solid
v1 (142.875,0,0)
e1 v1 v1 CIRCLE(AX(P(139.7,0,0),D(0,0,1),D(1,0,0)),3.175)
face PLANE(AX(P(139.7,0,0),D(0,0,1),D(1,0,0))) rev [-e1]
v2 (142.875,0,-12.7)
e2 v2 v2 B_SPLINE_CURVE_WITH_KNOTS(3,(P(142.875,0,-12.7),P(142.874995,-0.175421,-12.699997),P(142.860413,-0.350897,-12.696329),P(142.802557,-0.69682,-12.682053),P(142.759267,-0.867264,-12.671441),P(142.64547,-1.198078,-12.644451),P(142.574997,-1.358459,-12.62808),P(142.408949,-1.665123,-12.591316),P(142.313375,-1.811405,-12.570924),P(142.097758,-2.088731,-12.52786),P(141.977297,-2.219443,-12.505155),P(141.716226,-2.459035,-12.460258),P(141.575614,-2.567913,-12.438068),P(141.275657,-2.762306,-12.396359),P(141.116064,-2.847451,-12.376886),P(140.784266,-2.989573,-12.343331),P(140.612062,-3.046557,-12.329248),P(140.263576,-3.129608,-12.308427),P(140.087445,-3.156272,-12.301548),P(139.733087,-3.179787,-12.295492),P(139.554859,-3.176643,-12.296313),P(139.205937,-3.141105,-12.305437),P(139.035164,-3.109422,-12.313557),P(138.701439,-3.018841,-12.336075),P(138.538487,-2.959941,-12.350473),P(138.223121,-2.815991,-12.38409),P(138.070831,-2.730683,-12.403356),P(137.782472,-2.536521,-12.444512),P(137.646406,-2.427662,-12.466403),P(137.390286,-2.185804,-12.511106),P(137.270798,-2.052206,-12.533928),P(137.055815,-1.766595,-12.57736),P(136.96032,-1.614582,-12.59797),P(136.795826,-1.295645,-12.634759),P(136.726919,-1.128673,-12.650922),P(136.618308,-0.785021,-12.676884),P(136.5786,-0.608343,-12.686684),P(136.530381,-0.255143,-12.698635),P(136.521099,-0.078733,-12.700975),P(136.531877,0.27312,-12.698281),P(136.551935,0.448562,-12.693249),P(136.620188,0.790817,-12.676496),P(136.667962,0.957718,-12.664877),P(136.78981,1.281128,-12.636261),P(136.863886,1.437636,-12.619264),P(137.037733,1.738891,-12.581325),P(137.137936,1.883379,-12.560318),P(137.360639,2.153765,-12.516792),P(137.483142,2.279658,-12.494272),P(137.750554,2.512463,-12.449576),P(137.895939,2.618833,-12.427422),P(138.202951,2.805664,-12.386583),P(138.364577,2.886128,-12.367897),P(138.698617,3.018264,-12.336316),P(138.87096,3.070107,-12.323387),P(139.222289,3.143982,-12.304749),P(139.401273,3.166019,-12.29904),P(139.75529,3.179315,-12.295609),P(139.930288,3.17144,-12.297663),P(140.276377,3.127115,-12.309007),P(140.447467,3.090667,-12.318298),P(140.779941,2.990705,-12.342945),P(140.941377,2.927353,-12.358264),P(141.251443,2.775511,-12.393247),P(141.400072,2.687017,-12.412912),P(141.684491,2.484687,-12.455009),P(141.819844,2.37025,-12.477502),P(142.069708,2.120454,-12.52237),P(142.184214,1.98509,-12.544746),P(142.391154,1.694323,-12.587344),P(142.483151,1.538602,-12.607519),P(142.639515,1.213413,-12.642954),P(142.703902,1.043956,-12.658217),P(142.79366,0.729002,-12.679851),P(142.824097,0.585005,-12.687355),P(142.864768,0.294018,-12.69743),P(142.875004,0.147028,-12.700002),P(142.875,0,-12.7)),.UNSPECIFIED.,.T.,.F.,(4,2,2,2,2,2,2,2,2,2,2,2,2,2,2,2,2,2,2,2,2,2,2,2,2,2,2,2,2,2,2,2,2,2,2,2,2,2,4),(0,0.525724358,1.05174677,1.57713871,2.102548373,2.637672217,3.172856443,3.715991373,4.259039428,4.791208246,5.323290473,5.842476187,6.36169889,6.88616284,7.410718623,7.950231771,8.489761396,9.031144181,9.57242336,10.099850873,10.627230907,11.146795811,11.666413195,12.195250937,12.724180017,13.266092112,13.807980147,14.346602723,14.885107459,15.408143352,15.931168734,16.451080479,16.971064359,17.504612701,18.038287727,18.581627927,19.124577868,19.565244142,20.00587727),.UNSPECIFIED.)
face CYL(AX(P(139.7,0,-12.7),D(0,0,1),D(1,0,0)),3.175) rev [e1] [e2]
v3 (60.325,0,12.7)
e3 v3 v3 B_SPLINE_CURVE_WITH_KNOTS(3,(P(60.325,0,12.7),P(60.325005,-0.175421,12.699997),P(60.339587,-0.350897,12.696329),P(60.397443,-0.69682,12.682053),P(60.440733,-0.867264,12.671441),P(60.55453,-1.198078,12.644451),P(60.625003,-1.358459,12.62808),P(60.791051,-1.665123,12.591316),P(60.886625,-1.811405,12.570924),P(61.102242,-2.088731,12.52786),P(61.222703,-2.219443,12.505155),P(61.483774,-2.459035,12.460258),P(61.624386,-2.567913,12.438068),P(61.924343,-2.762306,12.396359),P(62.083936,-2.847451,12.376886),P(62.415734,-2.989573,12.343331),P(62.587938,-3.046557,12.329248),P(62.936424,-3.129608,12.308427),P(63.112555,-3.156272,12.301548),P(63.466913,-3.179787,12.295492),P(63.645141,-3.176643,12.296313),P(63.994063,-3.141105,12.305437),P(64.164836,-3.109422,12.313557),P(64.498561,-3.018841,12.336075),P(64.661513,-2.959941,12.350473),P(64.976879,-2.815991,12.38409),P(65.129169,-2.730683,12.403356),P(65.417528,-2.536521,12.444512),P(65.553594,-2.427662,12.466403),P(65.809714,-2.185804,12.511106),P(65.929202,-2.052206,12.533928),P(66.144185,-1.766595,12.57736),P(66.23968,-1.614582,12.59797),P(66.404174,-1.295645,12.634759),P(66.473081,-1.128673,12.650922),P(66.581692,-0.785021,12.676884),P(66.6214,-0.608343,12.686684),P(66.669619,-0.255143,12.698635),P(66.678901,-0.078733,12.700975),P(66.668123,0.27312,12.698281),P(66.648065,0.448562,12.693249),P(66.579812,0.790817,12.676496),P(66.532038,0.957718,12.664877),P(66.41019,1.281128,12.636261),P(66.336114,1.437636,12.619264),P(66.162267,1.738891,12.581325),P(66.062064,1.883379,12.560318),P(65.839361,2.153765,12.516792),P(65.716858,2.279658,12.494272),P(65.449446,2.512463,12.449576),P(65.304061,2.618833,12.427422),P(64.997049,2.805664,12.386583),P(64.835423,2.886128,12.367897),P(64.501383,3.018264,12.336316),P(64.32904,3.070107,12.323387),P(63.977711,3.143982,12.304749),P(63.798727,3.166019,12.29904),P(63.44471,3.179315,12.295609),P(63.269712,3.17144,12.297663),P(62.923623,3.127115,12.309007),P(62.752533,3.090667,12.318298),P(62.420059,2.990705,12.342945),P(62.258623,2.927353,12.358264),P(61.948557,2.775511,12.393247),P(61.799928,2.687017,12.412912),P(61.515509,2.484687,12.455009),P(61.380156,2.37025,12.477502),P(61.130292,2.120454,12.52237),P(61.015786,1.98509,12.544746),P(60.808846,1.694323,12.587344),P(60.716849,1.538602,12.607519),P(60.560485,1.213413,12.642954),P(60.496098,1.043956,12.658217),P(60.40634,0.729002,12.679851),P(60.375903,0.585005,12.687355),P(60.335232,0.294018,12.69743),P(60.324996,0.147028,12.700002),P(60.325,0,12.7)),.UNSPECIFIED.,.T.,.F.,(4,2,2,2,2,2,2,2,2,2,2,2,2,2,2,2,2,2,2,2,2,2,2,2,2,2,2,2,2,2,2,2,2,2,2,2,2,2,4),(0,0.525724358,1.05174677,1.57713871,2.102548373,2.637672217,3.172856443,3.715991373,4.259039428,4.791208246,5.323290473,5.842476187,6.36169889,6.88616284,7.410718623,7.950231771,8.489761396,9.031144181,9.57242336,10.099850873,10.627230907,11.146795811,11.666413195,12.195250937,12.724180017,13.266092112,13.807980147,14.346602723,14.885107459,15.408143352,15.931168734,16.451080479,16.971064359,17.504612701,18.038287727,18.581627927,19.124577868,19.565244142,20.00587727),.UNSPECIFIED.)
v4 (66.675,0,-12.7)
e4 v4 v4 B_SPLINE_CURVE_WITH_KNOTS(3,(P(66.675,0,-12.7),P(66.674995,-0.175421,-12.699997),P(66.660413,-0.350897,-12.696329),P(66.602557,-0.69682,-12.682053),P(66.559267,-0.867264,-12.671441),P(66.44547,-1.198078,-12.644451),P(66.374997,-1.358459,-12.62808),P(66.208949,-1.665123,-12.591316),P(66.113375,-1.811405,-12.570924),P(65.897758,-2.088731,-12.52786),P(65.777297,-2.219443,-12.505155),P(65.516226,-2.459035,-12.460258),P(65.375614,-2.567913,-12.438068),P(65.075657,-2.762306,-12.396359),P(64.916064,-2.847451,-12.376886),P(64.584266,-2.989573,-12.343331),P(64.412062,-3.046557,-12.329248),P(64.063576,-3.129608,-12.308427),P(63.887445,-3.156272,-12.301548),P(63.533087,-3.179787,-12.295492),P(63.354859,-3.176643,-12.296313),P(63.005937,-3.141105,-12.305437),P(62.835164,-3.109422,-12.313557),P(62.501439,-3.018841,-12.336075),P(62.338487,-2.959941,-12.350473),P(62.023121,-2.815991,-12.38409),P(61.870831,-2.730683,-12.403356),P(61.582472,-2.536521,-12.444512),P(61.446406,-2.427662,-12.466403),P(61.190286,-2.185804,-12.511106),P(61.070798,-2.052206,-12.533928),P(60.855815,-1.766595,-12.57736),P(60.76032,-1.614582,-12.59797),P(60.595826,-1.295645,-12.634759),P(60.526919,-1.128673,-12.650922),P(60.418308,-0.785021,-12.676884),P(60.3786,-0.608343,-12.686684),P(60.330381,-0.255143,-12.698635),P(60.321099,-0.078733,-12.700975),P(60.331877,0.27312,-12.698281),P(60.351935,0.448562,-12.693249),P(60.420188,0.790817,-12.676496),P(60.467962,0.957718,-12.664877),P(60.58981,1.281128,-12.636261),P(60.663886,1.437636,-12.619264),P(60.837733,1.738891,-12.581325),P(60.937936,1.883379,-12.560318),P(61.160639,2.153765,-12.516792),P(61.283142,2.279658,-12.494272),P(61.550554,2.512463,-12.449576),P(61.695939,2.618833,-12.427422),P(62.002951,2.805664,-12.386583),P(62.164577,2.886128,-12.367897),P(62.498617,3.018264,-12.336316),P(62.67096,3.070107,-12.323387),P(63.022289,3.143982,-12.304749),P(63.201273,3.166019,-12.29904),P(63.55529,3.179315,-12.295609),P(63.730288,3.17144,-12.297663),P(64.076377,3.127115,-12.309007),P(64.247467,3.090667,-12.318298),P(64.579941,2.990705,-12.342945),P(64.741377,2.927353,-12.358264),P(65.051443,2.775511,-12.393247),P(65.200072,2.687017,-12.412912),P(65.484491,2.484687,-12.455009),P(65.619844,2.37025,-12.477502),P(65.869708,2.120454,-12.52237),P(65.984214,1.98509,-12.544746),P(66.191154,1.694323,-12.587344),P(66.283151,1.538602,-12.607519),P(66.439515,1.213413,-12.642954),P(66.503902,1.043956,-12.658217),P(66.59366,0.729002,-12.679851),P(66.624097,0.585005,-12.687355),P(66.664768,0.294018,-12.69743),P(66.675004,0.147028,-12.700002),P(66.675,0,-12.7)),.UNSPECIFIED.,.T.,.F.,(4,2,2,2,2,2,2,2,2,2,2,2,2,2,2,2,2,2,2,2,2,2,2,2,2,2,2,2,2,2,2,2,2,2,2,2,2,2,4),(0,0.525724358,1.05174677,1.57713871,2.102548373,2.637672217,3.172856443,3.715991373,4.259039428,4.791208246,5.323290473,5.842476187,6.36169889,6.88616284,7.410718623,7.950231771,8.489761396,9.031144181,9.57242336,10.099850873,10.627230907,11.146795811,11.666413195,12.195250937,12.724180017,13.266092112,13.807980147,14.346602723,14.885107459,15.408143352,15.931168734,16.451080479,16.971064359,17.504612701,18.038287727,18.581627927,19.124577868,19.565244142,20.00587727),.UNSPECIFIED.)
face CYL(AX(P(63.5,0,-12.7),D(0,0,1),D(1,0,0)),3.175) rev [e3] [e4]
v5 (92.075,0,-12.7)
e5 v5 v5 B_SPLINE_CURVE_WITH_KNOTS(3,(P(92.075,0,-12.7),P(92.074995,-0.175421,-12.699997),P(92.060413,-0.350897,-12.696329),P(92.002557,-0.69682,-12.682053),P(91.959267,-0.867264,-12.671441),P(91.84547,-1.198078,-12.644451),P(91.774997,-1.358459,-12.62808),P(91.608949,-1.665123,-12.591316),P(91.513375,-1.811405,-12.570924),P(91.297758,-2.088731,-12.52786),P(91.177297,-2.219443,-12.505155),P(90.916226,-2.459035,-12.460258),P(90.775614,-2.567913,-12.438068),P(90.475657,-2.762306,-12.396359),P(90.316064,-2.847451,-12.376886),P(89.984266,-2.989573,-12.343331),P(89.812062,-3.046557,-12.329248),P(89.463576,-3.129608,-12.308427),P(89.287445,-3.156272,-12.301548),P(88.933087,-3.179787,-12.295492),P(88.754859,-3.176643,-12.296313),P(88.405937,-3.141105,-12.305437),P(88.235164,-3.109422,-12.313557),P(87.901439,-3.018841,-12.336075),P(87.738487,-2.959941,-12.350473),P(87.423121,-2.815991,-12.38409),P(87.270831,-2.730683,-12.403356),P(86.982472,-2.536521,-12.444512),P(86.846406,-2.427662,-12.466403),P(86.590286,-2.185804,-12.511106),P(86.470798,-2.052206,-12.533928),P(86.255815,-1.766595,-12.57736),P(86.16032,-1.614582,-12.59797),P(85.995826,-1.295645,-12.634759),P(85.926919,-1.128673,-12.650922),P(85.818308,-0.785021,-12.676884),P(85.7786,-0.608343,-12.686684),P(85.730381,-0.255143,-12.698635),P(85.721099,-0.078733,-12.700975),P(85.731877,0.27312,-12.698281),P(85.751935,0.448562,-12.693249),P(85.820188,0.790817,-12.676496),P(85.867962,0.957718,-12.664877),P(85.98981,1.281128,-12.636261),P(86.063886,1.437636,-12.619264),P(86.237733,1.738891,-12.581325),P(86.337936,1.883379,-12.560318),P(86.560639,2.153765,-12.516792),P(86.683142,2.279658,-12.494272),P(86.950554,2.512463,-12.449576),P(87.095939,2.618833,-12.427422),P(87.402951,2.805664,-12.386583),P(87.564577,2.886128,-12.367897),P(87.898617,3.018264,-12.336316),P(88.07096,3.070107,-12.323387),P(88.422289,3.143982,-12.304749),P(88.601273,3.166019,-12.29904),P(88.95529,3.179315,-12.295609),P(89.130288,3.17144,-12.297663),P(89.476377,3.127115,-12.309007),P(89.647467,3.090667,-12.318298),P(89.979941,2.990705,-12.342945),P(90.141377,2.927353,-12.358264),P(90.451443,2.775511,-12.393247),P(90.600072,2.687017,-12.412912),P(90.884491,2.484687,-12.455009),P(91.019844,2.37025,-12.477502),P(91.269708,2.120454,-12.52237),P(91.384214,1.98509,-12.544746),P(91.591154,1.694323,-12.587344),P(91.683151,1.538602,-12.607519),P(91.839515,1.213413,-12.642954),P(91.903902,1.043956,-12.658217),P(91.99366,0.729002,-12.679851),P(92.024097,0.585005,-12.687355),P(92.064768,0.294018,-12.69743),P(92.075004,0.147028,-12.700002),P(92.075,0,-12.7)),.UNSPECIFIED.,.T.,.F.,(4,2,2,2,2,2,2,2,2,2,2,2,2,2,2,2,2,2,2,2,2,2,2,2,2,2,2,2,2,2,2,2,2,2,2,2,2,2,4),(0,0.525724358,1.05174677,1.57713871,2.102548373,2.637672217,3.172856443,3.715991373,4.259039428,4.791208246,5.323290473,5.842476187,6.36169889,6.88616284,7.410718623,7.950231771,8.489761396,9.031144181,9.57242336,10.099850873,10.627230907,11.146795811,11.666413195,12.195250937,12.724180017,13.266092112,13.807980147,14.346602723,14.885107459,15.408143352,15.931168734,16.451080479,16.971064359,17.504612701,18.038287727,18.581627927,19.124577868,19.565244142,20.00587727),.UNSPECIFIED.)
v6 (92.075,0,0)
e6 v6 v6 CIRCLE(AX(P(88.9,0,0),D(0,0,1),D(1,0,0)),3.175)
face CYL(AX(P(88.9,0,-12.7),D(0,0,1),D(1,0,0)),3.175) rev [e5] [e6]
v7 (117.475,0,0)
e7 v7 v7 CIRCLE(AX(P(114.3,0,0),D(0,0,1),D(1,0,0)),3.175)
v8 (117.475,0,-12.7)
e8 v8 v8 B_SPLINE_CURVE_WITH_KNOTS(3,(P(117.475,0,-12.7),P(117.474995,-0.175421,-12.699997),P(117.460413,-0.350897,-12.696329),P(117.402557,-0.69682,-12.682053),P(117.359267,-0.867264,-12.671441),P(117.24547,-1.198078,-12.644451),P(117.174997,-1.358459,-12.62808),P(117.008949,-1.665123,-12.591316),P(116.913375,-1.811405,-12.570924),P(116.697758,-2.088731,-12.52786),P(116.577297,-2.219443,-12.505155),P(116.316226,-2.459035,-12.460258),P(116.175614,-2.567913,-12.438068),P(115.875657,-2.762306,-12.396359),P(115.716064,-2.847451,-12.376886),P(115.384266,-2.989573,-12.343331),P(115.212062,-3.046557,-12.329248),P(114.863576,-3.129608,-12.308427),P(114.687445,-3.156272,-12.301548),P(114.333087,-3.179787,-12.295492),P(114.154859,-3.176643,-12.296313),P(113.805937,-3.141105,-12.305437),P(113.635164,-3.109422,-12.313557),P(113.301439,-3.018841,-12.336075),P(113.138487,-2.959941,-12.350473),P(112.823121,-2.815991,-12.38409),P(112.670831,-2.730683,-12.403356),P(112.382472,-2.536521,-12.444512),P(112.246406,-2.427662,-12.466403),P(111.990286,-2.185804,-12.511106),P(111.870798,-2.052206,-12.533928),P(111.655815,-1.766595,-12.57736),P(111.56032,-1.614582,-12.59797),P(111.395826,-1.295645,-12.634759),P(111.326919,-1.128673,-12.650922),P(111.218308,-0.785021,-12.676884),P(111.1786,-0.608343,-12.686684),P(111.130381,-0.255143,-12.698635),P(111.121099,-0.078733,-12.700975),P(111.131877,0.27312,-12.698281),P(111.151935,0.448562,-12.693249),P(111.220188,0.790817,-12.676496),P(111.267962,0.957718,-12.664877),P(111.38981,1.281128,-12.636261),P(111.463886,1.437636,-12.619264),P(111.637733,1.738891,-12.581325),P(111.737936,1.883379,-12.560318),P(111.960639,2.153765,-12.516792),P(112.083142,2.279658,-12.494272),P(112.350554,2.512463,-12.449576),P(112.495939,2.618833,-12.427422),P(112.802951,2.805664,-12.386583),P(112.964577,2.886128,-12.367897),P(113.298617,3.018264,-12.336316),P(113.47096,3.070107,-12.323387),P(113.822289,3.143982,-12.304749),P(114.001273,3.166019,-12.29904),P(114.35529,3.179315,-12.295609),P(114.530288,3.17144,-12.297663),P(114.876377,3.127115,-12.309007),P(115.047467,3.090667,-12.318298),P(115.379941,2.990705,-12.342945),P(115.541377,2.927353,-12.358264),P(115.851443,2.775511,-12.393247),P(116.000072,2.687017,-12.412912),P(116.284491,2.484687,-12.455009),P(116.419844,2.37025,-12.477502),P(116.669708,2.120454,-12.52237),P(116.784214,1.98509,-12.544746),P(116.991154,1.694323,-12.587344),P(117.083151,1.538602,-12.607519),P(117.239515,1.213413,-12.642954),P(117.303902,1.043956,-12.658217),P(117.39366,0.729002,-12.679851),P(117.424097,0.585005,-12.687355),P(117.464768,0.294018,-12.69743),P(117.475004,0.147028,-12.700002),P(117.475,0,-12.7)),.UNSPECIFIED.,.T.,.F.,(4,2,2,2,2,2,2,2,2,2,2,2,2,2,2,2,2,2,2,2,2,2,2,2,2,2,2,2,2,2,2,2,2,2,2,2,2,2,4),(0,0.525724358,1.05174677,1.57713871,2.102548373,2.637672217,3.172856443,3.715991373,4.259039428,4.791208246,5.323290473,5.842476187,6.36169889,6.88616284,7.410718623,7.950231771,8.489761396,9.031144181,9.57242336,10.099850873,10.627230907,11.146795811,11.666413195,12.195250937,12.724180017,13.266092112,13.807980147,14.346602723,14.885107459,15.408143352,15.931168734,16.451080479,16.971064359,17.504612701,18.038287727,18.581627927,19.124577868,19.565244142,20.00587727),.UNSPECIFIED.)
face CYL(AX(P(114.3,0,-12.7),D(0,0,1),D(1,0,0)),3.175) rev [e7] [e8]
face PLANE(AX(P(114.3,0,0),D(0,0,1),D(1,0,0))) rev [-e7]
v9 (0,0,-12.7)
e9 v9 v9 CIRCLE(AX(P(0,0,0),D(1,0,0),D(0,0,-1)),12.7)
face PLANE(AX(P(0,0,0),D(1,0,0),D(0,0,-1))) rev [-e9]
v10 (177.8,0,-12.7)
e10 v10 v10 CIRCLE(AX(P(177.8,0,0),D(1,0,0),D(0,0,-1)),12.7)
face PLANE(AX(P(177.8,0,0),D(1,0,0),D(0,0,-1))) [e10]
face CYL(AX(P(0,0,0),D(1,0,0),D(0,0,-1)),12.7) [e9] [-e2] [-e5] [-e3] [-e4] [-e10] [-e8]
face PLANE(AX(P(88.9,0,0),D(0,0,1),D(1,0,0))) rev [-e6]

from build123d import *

# Parameters (mm, degrees)
SWEEP1_PROFILE_R   = 12.7
SKETCH18_R         = 3.175
CUT_EXTRUDE1_DEPTH = 179.704840449
LPATTERN1_COUNT    = 4
LPATTERN1_PITCH    = 25.4
SKETCH19_R         = 3.175
CUT_EXTRUDE2_DEPTH = 179.704840563


with BuildPart() as part:
    # Sweep1: sweep along a path in Sketch1
    with BuildLine(Plane.XY) as sweep1_path:
        Line((0, 0), (177.8, 0))
    # Sweep1 profile (on start of the path) → Sweep1 (sweep)
    with BuildSketch(Plane(origin=(0, 0, 0), x_dir=(0, 0, 1), z_dir=(1, 0, 0))):
        Circle(SWEEP1_PROFILE_R)
    sweep(path=sweep1_path.line)

    # Sketch18 → Cut-Extrude1 (cut, through all)
    with BuildSketch(Plane.XY):
        with Locations((139.7, 0)):
            Circle(SKETCH18_R)
    cut_extrude1 = extrude(amount=-CUT_EXTRUDE1_DEPTH, mode=Mode.SUBTRACT)

    # LPattern1: Cut-Extrude1 ×4
    with Locations(*[(-i * LPATTERN1_PITCH, 0, 0) for i in range(1, LPATTERN1_COUNT)]):
        add(cut_extrude1, mode=Mode.SUBTRACT)

    # Sketch19 → Cut-Extrude2 (cut, through all)
    with BuildSketch(Plane(origin=(0, 0, 0), x_dir=(-1, 0, 0), z_dir=(0, 0, -1))):
        with Locations((-63.5, 0)):
            Circle(SKETCH19_R)
    extrude(amount=-CUT_EXTRUDE2_DEPTH, mode=Mode.SUBTRACT)


solid = part.part
